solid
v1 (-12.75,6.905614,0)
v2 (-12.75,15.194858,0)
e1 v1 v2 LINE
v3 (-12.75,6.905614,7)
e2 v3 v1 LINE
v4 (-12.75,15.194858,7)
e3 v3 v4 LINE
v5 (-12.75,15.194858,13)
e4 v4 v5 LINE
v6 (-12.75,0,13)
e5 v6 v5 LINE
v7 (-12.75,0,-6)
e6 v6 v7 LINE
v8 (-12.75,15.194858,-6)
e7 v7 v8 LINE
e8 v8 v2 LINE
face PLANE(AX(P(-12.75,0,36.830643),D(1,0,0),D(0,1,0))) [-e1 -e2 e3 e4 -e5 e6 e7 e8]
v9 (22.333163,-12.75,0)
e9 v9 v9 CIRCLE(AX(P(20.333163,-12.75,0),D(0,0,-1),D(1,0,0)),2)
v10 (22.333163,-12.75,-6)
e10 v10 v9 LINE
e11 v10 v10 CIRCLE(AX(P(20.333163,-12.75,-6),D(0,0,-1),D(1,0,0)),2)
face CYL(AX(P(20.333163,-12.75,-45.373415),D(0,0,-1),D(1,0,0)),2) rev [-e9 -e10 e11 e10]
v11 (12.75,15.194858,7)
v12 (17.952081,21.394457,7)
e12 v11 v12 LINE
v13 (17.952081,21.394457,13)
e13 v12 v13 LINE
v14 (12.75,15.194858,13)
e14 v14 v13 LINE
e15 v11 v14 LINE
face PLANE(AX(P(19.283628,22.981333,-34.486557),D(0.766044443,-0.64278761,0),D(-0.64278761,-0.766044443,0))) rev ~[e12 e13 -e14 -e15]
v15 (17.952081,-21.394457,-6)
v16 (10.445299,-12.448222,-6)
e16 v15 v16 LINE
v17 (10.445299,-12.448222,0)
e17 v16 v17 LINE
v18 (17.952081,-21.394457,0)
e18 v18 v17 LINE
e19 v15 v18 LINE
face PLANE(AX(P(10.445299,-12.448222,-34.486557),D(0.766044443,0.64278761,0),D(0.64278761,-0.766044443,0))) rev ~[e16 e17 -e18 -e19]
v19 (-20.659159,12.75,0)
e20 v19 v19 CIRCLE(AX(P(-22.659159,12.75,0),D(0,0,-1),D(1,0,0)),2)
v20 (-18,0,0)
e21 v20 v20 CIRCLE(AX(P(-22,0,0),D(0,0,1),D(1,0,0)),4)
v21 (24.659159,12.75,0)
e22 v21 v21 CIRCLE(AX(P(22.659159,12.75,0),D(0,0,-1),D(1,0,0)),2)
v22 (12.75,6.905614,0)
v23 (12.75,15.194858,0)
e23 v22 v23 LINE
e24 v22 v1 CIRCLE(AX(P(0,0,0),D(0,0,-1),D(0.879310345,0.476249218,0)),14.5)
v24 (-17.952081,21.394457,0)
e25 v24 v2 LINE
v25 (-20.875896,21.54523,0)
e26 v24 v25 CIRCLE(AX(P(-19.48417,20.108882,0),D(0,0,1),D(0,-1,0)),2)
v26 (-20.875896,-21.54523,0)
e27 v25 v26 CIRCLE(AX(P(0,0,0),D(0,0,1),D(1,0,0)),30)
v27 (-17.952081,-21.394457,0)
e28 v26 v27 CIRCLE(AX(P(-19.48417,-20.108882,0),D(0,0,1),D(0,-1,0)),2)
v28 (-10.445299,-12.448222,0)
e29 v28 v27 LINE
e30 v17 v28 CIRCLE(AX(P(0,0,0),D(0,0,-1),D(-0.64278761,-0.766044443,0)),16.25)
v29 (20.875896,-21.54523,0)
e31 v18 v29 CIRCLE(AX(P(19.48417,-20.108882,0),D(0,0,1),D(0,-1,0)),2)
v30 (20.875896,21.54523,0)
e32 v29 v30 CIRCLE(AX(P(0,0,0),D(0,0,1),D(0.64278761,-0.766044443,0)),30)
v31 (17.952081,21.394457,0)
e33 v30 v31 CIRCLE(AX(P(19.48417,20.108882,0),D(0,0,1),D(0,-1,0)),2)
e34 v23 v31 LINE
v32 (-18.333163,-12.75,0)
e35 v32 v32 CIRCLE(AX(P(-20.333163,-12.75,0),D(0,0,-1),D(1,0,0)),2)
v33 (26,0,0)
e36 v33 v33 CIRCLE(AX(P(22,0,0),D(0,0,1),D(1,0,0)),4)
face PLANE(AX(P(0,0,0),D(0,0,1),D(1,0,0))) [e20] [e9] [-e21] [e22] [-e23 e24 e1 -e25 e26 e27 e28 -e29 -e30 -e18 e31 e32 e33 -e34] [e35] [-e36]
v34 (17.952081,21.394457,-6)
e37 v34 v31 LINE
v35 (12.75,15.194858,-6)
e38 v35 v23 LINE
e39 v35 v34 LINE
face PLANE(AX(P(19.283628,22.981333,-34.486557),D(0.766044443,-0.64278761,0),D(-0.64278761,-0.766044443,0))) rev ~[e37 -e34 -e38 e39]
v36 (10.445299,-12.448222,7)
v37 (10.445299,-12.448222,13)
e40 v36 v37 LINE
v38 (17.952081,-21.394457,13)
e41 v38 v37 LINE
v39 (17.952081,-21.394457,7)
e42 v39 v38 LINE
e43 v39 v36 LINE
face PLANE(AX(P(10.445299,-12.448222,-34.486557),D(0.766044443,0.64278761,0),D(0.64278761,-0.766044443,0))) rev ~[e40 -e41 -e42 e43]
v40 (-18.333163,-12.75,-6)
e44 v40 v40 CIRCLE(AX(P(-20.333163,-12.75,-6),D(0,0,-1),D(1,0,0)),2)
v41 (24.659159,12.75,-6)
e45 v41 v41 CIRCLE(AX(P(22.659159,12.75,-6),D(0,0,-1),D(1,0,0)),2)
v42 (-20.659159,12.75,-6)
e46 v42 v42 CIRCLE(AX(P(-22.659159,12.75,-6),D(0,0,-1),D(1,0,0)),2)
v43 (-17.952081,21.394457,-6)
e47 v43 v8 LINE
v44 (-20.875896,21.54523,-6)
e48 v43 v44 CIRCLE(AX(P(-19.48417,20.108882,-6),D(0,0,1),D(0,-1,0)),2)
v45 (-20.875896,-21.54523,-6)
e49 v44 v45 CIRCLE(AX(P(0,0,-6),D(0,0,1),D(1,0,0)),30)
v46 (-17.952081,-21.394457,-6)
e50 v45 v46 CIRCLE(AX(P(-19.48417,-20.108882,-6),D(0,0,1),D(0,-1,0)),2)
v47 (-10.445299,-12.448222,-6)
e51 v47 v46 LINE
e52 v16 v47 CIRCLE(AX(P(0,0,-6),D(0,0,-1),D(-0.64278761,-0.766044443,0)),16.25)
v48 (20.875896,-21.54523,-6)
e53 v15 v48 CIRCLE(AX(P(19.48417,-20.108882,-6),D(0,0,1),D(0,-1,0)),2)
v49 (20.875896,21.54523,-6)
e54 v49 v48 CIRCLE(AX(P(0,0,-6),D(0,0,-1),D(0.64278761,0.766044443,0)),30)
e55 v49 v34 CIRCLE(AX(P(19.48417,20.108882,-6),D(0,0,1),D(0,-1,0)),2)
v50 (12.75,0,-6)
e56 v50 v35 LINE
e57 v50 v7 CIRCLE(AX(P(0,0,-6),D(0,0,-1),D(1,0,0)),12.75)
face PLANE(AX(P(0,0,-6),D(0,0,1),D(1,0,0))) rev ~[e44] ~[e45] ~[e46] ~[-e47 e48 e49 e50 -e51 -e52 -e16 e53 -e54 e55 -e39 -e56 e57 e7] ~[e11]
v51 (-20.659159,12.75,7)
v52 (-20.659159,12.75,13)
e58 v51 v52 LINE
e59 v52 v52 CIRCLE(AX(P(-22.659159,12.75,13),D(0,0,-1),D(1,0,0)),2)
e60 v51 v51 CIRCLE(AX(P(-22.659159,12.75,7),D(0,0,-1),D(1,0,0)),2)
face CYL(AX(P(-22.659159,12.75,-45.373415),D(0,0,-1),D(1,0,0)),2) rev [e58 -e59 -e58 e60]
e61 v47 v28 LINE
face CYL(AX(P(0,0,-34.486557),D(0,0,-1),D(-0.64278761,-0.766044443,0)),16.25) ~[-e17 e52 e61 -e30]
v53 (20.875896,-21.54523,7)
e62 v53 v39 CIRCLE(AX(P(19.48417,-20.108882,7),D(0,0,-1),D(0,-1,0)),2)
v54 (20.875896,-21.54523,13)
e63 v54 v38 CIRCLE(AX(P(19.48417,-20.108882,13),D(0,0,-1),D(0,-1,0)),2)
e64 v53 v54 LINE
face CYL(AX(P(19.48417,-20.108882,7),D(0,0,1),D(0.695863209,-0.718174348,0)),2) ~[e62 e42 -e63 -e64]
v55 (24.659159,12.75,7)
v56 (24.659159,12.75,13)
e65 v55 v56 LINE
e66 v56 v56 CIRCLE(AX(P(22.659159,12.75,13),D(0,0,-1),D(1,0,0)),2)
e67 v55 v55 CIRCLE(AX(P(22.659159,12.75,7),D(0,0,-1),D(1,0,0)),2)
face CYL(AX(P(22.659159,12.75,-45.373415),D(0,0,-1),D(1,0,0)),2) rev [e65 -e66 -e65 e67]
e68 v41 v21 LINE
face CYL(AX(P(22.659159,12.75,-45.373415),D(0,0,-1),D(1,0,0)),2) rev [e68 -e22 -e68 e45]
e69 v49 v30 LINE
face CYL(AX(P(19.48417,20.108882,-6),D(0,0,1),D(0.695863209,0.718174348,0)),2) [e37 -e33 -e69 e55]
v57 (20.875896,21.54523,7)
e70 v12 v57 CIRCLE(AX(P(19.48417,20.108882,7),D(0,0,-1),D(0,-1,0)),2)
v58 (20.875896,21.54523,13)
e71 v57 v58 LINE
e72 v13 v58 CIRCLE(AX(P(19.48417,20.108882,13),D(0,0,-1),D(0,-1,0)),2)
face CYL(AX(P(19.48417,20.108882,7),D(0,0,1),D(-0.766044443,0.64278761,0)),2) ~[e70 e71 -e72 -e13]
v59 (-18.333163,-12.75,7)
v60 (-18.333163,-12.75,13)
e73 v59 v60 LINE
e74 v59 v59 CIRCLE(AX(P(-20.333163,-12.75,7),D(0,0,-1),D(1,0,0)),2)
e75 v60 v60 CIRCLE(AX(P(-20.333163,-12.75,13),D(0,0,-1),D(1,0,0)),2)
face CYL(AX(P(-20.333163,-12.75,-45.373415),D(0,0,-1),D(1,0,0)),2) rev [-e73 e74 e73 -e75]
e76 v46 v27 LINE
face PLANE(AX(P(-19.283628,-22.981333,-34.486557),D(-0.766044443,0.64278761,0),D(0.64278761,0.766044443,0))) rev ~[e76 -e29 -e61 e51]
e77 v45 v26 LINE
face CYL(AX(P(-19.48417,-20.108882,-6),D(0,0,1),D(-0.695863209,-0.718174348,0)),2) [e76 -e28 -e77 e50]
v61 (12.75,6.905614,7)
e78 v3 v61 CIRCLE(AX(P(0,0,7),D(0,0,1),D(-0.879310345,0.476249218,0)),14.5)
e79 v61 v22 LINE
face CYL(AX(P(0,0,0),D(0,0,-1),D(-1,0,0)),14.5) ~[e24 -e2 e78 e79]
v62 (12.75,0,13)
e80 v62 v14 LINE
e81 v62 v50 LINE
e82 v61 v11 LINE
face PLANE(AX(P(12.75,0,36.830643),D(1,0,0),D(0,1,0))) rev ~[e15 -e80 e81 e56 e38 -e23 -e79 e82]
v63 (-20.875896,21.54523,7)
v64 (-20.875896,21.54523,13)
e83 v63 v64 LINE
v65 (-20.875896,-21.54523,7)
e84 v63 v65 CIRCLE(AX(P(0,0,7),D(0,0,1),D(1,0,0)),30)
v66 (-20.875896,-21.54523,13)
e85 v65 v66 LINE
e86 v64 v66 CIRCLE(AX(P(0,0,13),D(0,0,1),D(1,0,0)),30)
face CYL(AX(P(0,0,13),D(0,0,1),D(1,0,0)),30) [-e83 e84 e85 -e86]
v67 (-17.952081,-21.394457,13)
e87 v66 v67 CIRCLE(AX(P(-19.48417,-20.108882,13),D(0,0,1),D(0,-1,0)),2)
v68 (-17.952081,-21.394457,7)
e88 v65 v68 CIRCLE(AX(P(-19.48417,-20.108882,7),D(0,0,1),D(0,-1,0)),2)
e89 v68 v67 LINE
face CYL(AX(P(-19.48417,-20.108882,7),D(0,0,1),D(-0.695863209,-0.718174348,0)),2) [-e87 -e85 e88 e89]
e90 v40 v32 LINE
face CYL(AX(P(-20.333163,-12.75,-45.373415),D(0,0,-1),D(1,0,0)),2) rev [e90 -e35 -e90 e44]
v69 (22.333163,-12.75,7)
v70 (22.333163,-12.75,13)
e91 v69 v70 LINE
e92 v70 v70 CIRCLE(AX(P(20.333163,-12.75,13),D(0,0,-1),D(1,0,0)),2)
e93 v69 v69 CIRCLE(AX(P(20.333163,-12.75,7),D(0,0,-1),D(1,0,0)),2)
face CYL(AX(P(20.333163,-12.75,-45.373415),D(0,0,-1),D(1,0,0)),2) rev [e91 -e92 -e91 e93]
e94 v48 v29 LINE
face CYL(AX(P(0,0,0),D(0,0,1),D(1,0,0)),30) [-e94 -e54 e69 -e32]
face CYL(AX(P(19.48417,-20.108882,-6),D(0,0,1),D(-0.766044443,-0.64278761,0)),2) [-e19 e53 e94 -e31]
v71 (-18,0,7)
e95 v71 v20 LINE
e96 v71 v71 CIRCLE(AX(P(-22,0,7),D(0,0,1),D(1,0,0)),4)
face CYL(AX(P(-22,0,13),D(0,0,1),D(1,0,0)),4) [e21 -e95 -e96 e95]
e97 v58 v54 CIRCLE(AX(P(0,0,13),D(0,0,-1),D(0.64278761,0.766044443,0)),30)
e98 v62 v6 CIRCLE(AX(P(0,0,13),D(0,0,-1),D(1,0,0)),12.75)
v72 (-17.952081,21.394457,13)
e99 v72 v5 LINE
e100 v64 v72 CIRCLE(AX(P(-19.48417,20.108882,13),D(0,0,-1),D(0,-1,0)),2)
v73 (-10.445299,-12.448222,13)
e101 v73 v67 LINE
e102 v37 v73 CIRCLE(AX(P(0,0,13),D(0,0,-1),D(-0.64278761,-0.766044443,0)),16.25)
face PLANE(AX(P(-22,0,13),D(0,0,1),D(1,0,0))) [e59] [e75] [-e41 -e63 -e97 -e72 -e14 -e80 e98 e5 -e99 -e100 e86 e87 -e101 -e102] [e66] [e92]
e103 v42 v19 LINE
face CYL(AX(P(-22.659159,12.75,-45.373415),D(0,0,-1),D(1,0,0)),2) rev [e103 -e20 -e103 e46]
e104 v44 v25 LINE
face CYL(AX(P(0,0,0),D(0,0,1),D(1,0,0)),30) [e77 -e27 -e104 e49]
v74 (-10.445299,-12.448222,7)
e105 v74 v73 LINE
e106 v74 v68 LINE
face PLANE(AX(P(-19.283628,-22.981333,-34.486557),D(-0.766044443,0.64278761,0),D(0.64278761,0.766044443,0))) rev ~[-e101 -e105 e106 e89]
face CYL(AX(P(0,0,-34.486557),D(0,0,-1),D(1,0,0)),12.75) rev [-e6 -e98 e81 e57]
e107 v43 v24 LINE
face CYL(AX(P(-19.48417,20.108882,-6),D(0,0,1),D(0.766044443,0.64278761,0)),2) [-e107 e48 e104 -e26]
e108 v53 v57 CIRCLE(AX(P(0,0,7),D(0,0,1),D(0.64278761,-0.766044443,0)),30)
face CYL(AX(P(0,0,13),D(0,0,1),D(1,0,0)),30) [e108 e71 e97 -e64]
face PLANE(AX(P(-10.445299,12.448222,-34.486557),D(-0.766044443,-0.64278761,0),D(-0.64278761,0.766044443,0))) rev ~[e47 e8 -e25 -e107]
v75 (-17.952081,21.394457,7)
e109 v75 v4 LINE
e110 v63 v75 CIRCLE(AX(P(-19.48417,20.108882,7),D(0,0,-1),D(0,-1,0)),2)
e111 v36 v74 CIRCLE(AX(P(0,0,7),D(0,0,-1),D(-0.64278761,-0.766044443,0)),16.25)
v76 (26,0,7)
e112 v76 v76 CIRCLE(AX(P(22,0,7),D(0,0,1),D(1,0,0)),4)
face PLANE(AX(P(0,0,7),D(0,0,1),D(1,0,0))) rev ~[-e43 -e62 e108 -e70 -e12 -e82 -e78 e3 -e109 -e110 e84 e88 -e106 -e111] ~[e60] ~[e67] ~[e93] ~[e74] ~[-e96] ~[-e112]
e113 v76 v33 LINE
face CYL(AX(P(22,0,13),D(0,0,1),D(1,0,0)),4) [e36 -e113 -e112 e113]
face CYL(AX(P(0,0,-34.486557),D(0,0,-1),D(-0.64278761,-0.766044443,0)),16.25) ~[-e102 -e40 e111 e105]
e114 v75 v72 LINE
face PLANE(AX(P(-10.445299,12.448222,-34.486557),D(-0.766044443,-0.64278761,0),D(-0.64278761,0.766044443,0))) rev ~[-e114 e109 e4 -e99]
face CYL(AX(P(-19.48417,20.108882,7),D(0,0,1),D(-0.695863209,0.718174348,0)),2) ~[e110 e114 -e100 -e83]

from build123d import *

# Parameters (mm, degrees)
SKETCH1_R               = 30
BOSS_EXTRUDE1_DEPTH     = 6
SKETCH2_R               = 14.5
BOSS_EXTRUDE2_DEPTH     = 13
CUT_EXTRUDE1_DEPTH      = 47.486557197
CUT_EXTRUDE1_DEPTH_BACK = 47.486557197
SKETCH3_R               = 12.75
BOSS_EXTRUDE4_START     = 13
SKETCH5_R               = 30
SKETCH5_R_2             = 12.75
BOSS_EXTRUDE4_DEPTH     = 6
CUT_EXTRUDE2_DEPTH      = 45.373415465
CUT_EXTRUDE2_DEPTH_BACK = 45.373415465
SKETCH6_R               = 2
CUT_EXTRUDE3_DEPTH      = 47.486557197
CUT_EXTRUDE3_DEPTH_BACK = 47.486557197
FILLET1_R               = 2
FILLET2_R               = 2
FILLET3_R               = 2
FILLET4_R               = 2
SKETCH8_R               = 4
BOSS_EXTRUDE5_DEPTH     = 13
FILLET5_R               = 2
FILLET6_R               = 2
FILLET7_R               = 2
FILLET8_R               = 2
CUT_EXTRUDE4_DEPTH      = 42.830642507
CUT_EXTRUDE4_DEPTH_BACK = 42.830642507
SKETCH11_W              = 25.5
SKETCH11_H              = 25


with BuildPart() as part:
    # Sketch1 → Boss-Extrude1 (new body)
    with BuildSketch(Plane.XY):
        Circle(SKETCH1_R)
    extrude(amount=-BOSS_EXTRUDE1_DEPTH)

    # Sketch2 → Boss-Extrude2 (add)
    with BuildSketch(Plane.XY):
        with Locations(Location((0, 0, 0), (0, 0, 180))):
            Circle(SKETCH2_R)
    extrude(amount=BOSS_EXTRUDE2_DEPTH)

    # Sketch3 → Cut-Extrude1 (cut, two sides: drawn at the far end of the back side and taken through both)
    with BuildSketch(Plane.XY.offset(13).offset(-CUT_EXTRUDE1_DEPTH_BACK)):
        Circle(SKETCH3_R)
    extrude(amount=CUT_EXTRUDE1_DEPTH + CUT_EXTRUDE1_DEPTH_BACK, mode=Mode.SUBTRACT)

    # Sketch5 → Boss-Extrude4 (add)
    with BuildSketch(Plane.XY.offset(BOSS_EXTRUDE4_START)):
        Circle(SKETCH5_R)
        Circle(SKETCH5_R_2, mode=Mode.SUBTRACT)
    extrude(amount=-BOSS_EXTRUDE4_DEPTH)

    # Sketch6 → Cut-Extrude2 (cut, two sides: drawn at the far end of the back side and taken through both)
    with BuildSketch(Plane.XY.offset(-CUT_EXTRUDE2_DEPTH_BACK)):
        with Locations((-20.333162568, -12.75)):
            Circle(SKETCH6_R)
        with Locations((-22.659159296, 12.75)):
            Circle(SKETCH6_R)
        with Locations((20.333162568, -12.75)):
            Circle(SKETCH6_R)
        with Locations((22.659159296, 12.75)):
            Circle(SKETCH6_R)
    extrude(amount=CUT_EXTRUDE2_DEPTH + CUT_EXTRUDE2_DEPTH_BACK, mode=Mode.SUBTRACT)

    # Sketch7 → Cut-Extrude3 (cut, two sides: drawn at the far end of the back side and taken through both)
    with BuildSketch(Plane.XY.offset(13).offset(-CUT_EXTRUDE3_DEPTH_BACK)):
        with BuildLine():
            Line((10.445298657, -12.448222201), (19.283628291, -22.981333294))
            ThreePointArc((19.283628291, -22.981333294), (0, -30), (-19.283628291, -22.981333294))
            Line((-19.283628291, -22.981333294), (-10.445298657, -12.448222201))
            ThreePointArc((-10.445298657, -12.448222201), (0, -16.25), (10.445298657, -12.448222201))
        make_face()
        with BuildLine():
            Line((-10.445298657, 12.448222201), (-19.283628291, 22.981333294))
            ThreePointArc((-19.283628291, 22.981333294), (0, 30), (19.283628291, 22.981333294))
            Line((19.283628291, 22.981333294), (10.445298657, 12.448222201))
            ThreePointArc((10.445298657, 12.448222201), (0, 16.25), (-10.445298657, 12.448222201))
        make_face()
    extrude(amount=CUT_EXTRUDE3_DEPTH + CUT_EXTRUDE3_DEPTH_BACK, mode=Mode.SUBTRACT)

    # Fillet1
    fillet1_edges = [part.edges().sort_by_distance(p)[0] for p in [
        (-19.283628291, -22.981333294, 10),
    ]]
    fillet(fillet1_edges, radius=FILLET1_R)

    # Fillet2
    fillet2_edges = [part.edges().sort_by_distance(p)[0] for p in [
        (-19.283628291, 22.981333294, 10),
    ]]
    fillet(fillet2_edges, radius=FILLET2_R)

    # Fillet3
    fillet3_edges = [part.edges().sort_by_distance(p)[0] for p in [
        (19.283628291, 22.981333294, 10),
    ]]
    fillet(fillet3_edges, radius=FILLET3_R)

    # Fillet4
    fillet4_edges = [part.edges().sort_by_distance(p)[0] for p in [
        (19.283628291, -22.981333294, 10),
    ]]
    fillet(fillet4_edges, radius=FILLET4_R)

    # Sketch8 → Boss-Extrude5 (add)
    with BuildSketch(Plane.XY.offset(13)):
        with Locations((-22, 0)):
            Circle(SKETCH8_R)
        with Locations((22, 0)):
            Circle(SKETCH8_R)
    extrude(amount=-BOSS_EXTRUDE5_DEPTH)

    # Fillet5
    fillet5_edges = [part.edges().sort_by_distance(p)[0] for p in [
        (-19.283628291, 22.981333294, -3),
    ]]
    fillet(fillet5_edges, radius=FILLET5_R)

    # Fillet6
    fillet6_edges = [part.edges().sort_by_distance(p)[0] for p in [
        (-19.283628291, -22.981333294, -3),
    ]]
    fillet(fillet6_edges, radius=FILLET6_R)

    # Fillet7
    fillet7_edges = [part.edges().sort_by_distance(p)[0] for p in [
        (19.283628291, -22.981333294, -3),
    ]]
    fillet(fillet7_edges, radius=FILLET7_R)

    # Fillet8
    fillet8_edges = [part.edges().sort_by_distance(p)[0] for p in [
        (19.283628291, 22.981333294, -3),
    ]]
    fillet(fillet8_edges, radius=FILLET8_R)

    # Sketch11 → Cut-Extrude4 (cut, two sides: drawn at the far end of the back side and taken through both)
    with BuildSketch(Plane(origin=(0, 0, -6), x_dir=(-1, 0, 0), z_dir=(0, 0, -1)).offset(-CUT_EXTRUDE4_DEPTH_BACK)):
        with Locations((0, 12.5)):
            Rectangle(SKETCH11_W, SKETCH11_H)
    extrude(amount=CUT_EXTRUDE4_DEPTH + CUT_EXTRUDE4_DEPTH_BACK, mode=Mode.SUBTRACT)


solid = part.part
